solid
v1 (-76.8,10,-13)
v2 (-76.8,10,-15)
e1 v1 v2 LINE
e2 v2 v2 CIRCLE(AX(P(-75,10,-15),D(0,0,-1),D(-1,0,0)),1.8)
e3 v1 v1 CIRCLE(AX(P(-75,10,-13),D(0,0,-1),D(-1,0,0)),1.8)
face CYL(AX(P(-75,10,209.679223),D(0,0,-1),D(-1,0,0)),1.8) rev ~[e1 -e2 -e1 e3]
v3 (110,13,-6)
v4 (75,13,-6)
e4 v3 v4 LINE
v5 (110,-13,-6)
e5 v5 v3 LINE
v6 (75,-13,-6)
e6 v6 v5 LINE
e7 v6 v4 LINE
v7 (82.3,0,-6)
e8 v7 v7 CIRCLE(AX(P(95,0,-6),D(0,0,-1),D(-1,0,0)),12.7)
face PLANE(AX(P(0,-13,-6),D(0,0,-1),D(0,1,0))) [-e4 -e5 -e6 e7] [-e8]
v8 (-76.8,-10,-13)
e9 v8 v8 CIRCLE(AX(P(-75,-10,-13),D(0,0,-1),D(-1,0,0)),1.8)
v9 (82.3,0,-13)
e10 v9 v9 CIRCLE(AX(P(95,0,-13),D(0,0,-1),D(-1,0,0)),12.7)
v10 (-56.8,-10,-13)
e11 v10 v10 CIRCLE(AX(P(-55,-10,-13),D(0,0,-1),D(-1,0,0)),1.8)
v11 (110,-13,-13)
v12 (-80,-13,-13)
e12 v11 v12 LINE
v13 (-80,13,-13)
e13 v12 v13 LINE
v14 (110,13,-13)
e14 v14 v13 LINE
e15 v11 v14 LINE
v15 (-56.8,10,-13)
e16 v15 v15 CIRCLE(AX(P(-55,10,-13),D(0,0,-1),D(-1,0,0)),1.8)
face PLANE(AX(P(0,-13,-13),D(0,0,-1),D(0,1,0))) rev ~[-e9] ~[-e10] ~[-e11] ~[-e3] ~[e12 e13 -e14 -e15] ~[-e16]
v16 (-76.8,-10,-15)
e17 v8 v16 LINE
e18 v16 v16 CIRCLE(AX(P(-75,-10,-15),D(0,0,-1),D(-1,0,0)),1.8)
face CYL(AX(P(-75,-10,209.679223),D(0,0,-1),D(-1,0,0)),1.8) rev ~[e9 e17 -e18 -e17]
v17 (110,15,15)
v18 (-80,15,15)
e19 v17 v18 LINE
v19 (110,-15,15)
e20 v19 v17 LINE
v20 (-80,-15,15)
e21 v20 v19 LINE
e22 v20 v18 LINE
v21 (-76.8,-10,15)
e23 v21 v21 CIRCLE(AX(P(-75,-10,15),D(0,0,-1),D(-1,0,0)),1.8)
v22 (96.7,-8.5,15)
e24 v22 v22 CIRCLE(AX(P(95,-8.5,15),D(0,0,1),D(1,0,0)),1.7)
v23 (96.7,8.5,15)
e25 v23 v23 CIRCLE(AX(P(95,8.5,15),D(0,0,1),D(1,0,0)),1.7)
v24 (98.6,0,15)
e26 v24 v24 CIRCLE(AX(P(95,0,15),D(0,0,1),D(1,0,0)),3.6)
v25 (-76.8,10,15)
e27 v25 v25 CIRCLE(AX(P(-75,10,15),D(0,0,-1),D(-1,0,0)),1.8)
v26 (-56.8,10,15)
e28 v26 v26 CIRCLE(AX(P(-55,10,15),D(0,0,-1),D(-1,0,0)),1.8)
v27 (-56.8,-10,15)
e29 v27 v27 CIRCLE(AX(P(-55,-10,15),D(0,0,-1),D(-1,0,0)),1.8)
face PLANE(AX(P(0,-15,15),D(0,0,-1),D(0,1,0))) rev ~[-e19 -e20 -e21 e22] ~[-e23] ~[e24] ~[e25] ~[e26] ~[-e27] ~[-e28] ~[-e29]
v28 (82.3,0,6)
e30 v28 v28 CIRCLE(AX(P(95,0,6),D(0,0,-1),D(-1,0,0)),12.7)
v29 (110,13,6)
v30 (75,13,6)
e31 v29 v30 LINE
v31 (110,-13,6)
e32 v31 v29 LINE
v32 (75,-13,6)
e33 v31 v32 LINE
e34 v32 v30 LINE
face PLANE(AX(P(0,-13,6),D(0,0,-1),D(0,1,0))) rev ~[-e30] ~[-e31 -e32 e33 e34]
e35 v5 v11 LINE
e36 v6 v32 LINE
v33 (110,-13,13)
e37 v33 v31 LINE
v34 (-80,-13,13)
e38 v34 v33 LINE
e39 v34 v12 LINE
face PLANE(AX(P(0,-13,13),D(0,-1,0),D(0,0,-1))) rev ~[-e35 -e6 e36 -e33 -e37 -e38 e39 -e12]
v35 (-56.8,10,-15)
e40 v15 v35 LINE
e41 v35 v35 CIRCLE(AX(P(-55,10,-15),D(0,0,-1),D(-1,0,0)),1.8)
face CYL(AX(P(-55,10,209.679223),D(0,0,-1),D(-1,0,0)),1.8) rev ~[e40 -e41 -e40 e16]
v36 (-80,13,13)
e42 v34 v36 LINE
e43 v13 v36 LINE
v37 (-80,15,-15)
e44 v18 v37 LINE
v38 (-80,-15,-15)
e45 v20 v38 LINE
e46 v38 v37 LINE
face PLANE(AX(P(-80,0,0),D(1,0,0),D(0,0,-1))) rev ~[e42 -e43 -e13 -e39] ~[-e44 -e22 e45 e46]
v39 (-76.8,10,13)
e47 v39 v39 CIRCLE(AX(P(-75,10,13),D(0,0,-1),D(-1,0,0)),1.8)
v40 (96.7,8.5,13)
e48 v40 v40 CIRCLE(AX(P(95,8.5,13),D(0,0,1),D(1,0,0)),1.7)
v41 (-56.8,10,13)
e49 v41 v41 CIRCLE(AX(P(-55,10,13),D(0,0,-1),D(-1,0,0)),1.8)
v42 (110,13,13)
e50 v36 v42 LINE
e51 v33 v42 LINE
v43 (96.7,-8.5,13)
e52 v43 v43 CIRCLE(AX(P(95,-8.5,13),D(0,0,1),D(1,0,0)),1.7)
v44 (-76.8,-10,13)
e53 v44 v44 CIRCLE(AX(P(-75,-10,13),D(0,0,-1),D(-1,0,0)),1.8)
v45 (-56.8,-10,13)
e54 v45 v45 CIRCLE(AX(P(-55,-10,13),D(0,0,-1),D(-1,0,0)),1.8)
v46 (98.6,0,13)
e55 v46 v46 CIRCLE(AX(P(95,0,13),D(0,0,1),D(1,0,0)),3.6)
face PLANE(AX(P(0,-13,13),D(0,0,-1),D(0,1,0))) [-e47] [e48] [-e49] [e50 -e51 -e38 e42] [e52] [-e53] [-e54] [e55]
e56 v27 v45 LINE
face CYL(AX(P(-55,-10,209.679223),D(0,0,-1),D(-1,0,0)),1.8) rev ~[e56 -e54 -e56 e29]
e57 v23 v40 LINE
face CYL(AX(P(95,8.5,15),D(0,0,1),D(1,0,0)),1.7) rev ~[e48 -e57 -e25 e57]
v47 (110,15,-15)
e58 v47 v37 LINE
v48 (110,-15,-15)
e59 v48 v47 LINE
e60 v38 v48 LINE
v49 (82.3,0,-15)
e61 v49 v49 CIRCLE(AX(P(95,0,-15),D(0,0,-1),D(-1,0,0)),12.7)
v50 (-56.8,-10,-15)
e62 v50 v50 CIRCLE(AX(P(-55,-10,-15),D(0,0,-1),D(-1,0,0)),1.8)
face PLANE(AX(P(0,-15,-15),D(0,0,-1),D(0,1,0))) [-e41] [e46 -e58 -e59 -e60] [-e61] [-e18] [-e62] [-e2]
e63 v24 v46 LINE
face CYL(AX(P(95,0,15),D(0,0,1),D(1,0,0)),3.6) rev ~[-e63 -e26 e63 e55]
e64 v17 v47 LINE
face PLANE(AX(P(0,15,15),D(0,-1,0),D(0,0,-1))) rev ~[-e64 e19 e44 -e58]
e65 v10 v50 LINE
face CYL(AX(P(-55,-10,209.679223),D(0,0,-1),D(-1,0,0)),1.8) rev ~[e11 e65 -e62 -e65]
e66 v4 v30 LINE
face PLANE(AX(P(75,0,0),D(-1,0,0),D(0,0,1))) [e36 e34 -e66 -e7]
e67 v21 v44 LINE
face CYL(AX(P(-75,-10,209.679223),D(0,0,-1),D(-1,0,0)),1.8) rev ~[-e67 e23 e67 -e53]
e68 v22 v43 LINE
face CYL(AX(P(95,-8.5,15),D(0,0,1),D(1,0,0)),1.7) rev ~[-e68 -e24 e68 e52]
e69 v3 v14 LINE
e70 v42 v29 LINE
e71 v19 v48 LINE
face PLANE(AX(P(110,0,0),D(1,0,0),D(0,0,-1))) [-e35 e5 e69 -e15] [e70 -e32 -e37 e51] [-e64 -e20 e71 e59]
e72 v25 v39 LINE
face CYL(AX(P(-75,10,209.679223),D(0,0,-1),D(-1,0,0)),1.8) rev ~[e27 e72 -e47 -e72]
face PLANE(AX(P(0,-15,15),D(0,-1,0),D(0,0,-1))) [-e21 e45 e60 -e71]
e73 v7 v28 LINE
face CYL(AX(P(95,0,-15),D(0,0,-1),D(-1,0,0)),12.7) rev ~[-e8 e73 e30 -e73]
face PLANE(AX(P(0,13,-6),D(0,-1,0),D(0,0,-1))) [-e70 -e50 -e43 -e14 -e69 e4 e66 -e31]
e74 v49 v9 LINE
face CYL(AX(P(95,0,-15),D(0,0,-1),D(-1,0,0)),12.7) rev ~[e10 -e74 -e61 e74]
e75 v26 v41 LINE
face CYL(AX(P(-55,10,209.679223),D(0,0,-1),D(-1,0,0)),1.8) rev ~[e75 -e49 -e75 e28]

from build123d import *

# Parameters (mm, degrees)
SKETCH1_W                = 30
SKETCH1_H                = 30
SKETCH1_W_2              = 7
SKETCH1_H_2              = 26
BOSS_EXTRUDE3_DEPTH      = 110
BOSS_EXTRUDE3_DEPTH_BACK = 80
SKETCH6_R                = 12.7
CUT_EXTRUDE5_DEPTH       = 23
SKETCH8_R                = 3.6
SKETCH8_R_2              = 1.7
CUT_EXTRUDE6_DEPTH       = 17
SKETCH9_W                = 12
SKETCH9_H                = 26
CUT_EXTRUDE7_DEPTH       = 155
M3_CLEARANCE_HOLE1_D     = 3.6


with BuildPart() as part:
    # Sketch1 → Boss-Extrude3 (new body, two sides)
    with BuildSketch(Plane(origin=(0, 0, 0), x_dir=(0, 0, -1), z_dir=(1, 0, 0))) as boss_extrude3_sk:
        Rectangle(SKETCH1_W, SKETCH1_H)
        with Locations((-9.5, 0)):
            Rectangle(SKETCH1_W_2, SKETCH1_H_2, mode=Mode.SUBTRACT)
        with Locations((9.5, 0)):
            Rectangle(SKETCH1_W_2, SKETCH1_H_2, mode=Mode.SUBTRACT)
    extrude(amount=BOSS_EXTRUDE3_DEPTH)
    extrude(boss_extrude3_sk.sketch, amount=-BOSS_EXTRUDE3_DEPTH_BACK)

    # Sketch6 → Cut-Extrude5 (cut)
    with BuildSketch(Plane(origin=(0, 0, -15), x_dir=(-1, 0, 0), z_dir=(0, 0, -1))):
        with Locations((-95, 0)):
            Circle(SKETCH6_R)
    extrude(amount=-CUT_EXTRUDE5_DEPTH, mode=Mode.SUBTRACT)

    # Sketch8 → Cut-Extrude6 (cut)
    with BuildSketch(Plane.XY.offset(15)):
        with Locations((95, 0)):
            Circle(SKETCH8_R)
        with Locations((95, 8.5)):
            Circle(SKETCH8_R_2)
        with Locations((95, -8.5)):
            Circle(SKETCH8_R_2)
    extrude(amount=-CUT_EXTRUDE6_DEPTH, mode=Mode.SUBTRACT)

    # Sketch9 → Cut-Extrude7 (cut)
    with BuildSketch(Plane.ZY.offset(80)):
        Rectangle(SKETCH9_W, SKETCH9_H)
    extrude(amount=-CUT_EXTRUDE7_DEPTH, mode=Mode.SUBTRACT)

    # M3 Clearance Hole1 (through all)
    with Locations(Plane.XY.offset(15)):
        with Locations((-75, 10), (-75, -10), (-55, -10), (-55, 10)):
            Hole(M3_CLEARANCE_HOLE1_D / 2)


solid = part.part
